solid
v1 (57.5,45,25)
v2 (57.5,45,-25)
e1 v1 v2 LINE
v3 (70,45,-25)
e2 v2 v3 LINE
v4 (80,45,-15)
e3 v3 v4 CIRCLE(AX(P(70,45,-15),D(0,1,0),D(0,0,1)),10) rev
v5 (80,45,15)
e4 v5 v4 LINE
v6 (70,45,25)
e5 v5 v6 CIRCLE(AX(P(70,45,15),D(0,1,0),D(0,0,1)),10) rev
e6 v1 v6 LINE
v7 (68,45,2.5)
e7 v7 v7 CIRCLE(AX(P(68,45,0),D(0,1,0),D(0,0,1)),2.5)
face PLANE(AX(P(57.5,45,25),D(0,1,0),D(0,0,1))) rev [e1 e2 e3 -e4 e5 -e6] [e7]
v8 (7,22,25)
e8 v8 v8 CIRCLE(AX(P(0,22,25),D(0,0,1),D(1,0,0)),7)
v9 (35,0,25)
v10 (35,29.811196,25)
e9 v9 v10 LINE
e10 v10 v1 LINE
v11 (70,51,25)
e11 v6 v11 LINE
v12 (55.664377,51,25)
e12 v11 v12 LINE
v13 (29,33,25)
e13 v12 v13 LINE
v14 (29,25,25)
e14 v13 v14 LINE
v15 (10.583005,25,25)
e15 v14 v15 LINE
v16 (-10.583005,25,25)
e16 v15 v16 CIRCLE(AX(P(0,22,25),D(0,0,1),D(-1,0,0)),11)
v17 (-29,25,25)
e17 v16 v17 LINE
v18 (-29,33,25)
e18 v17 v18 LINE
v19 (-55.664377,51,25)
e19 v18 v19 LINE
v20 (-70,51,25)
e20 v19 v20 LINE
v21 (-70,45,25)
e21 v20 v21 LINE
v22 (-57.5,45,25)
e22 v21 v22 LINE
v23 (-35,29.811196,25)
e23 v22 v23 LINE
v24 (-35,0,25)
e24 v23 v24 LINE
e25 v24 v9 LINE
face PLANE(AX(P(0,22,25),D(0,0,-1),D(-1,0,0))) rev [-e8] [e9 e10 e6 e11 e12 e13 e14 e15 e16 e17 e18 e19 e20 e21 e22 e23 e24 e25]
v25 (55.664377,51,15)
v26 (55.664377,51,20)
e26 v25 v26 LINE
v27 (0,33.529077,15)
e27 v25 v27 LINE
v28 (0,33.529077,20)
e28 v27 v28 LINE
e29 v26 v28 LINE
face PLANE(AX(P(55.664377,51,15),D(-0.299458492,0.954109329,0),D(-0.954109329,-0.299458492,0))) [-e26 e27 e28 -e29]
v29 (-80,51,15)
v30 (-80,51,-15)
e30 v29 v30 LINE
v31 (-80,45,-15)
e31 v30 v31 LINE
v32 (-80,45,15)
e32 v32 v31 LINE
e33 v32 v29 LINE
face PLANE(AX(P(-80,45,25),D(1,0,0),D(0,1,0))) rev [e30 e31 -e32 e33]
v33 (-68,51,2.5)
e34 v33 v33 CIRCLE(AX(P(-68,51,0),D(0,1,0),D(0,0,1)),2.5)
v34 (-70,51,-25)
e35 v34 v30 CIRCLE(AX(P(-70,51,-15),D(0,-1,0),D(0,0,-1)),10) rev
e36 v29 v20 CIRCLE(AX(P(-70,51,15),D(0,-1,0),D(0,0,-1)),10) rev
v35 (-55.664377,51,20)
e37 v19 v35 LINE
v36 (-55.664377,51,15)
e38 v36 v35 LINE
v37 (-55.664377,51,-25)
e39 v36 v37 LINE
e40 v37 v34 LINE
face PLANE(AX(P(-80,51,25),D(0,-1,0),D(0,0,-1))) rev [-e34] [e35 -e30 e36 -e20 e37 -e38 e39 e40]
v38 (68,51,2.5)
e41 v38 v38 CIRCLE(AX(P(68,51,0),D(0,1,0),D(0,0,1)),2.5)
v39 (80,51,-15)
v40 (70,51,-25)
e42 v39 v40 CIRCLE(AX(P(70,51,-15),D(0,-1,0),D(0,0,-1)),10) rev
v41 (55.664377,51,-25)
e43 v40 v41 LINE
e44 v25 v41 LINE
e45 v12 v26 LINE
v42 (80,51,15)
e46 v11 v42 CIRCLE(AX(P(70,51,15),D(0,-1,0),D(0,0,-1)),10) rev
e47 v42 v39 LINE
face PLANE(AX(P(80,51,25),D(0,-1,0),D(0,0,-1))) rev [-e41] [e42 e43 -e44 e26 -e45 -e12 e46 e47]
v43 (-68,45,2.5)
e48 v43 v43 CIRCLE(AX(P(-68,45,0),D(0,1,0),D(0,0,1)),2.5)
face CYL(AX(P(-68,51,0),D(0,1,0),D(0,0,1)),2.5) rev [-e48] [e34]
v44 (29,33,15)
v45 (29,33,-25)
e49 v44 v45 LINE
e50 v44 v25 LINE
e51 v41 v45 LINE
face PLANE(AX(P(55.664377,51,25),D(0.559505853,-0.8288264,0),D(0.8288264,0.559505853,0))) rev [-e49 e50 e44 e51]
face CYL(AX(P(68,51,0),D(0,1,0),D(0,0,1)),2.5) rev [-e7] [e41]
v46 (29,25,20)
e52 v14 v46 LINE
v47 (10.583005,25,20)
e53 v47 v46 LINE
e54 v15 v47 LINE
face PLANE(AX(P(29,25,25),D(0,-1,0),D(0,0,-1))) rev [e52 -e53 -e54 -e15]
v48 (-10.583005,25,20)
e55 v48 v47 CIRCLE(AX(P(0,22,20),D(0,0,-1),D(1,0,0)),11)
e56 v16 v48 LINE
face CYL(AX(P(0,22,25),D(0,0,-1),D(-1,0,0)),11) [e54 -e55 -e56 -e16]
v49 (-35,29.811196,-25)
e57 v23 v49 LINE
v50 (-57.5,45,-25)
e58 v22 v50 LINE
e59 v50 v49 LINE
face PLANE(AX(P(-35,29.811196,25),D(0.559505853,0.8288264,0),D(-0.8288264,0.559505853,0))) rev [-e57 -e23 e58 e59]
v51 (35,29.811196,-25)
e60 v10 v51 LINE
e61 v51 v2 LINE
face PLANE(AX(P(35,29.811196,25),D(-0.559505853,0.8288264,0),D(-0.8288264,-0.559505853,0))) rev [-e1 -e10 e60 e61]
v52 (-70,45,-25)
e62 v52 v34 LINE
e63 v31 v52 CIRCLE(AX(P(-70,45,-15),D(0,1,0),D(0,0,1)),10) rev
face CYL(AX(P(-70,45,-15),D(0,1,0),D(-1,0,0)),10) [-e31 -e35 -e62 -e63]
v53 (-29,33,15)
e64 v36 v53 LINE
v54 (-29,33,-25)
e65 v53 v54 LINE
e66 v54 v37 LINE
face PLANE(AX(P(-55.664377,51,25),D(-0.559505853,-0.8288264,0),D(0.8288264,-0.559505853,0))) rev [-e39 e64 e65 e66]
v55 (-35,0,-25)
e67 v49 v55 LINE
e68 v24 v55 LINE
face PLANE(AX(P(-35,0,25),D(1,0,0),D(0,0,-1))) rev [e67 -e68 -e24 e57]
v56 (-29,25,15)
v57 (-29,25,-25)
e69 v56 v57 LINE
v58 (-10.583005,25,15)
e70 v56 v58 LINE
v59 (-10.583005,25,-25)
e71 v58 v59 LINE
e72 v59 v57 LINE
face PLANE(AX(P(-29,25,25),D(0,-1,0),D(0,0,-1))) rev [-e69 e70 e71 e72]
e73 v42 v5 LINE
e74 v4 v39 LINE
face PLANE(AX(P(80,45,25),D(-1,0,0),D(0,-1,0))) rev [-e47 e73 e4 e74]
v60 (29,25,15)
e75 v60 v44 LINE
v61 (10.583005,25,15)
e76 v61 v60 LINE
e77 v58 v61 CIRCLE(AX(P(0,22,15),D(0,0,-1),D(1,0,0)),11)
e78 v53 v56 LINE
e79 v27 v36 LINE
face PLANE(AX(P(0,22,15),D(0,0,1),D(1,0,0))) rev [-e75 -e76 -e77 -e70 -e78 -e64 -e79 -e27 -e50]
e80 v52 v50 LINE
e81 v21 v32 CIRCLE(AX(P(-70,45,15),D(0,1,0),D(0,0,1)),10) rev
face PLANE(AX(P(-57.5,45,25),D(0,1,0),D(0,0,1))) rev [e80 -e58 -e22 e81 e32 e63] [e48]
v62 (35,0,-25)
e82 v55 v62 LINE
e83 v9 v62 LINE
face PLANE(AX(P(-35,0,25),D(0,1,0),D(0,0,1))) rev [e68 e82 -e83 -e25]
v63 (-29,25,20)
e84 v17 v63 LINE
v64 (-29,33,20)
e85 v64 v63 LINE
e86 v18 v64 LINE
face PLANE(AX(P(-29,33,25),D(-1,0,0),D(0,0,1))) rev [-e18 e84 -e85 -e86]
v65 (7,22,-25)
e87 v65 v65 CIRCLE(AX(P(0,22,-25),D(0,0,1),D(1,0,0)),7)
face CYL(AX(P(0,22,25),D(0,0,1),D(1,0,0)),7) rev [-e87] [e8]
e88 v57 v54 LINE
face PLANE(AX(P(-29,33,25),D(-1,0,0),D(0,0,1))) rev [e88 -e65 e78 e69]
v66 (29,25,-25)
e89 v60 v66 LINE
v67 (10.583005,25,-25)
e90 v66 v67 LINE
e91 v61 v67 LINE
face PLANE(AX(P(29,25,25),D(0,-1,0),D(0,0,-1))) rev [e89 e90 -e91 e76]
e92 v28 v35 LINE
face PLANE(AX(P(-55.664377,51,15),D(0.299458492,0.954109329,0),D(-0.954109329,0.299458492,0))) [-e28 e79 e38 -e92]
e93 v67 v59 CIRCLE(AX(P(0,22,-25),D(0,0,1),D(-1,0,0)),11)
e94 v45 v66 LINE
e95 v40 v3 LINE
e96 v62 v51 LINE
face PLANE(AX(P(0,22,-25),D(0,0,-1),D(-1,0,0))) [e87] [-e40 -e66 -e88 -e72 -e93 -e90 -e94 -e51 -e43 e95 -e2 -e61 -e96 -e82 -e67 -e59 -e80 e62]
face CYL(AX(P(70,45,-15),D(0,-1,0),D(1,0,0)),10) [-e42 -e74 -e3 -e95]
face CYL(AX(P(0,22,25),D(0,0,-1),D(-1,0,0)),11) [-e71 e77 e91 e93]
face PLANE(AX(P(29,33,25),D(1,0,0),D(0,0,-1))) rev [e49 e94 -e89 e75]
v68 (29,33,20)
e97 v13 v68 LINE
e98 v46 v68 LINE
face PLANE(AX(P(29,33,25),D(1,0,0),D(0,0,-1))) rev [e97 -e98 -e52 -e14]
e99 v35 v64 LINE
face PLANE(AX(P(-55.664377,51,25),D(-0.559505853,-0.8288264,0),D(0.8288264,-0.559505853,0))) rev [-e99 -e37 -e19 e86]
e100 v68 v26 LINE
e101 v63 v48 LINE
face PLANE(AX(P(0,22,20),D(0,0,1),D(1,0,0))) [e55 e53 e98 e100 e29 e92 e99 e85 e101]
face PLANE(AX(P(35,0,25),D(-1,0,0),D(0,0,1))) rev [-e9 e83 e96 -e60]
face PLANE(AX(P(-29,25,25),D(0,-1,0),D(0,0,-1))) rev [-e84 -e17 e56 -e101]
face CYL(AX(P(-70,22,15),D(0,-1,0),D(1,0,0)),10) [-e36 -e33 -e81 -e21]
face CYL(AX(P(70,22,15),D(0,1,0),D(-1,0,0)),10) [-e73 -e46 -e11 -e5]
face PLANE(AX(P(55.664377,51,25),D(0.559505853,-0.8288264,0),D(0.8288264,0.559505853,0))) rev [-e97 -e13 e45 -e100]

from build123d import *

# Parameters (mm, degrees)
BOSS_EXTRUDE1_DEPTH = 25
BOSS_EXTRUDE3_START = -5
BOSS_EXTRUDE3_DEPTH = 5
HOLE1_D             = 14
HOLE2_D             = 5
FILLET1_R           = 10


with BuildPart() as part:
    # Sketch1 → Boss-Extrude1 (new, symmetric)
    with BuildSketch(Plane.XY):
        with BuildLine():
            Line((-35, 0), (-35, 29.811196065))
            Line((-35, 29.811196065), (-57.5, 45))
            Line((-57.5, 45), (-80, 45))
            Line((-80, 45), (-80, 51))
            Line((-80, 51), (-55.664377376, 51))
            Line((-55.664377376, 51), (-29, 33))
            Line((-29, 33), (-29, 25))
            Line((-29, 25), (-10.583005244, 25))
            ThreePointArc((-10.583005244, 25), (0, 33), (10.583005244, 25))
            Line((10.583005244, 25), (29, 25))
            Line((29, 25), (29, 33))
            Line((29, 33), (55.664377376, 51))
            Line((55.664377376, 51), (80, 51))
            Line((80, 51), (80, 45))
            Line((80, 45), (57.5, 45))
            Line((57.5, 45), (35, 29.811196065))
            Line((35, 29.811196065), (35, 0))
            Line((35, 0), (-35, 0))
        make_face()
    extrude(amount=BOSS_EXTRUDE1_DEPTH, both=True)

    # Sketch2 → Boss-Extrude3 (add)
    with BuildSketch(Plane.XY.offset(25).offset(BOSS_EXTRUDE3_START)):
        with BuildLine():
            Line((55.664377376, 51), (29, 33))
            Line((29, 33), (29, 25))
            Line((29, 25), (10.583005244, 25))
            ThreePointArc((10.583005244, 25), (0, 33), (-10.583005244, 25))
            Line((-10.583005244, 25), (-29, 25))
            Line((-29, 25), (-29, 33))
            Line((-29, 33), (-55.664377376, 51))
            Line((-55.664377376, 51), (0, 33.529077086))
            Line((0, 33.529077086), (55.664377376, 51))
        make_face()
    extrude(amount=-BOSS_EXTRUDE3_DEPTH)

    # Hole1 (through all)
    with Locations(Plane.XY.offset(25)):
        with Locations((0, 22)):
            Hole(HOLE1_D / 2)

    # Hole2 (through all)
    with Locations(Plane(origin=(0, 51, 0), x_dir=(1, 0, 0), z_dir=(0, 1, 0))):
        with Locations((68, 0)):
            hole2 = Hole(HOLE2_D / 2)

    # Mirror1: Hole2 across plane
    add(hole2.mirror(Plane(origin=(0, 0, 0), x_dir=(0, 0, 1), z_dir=(1, 0, 0))), mode=Mode.SUBTRACT)

    # Fillet1
    fillet1_edges = [part.edges().sort_by_distance(p)[0] for p in [
        (-80, 48, -25),
        (80, 48, 25),
        (80, 48, -25),
        (-80, 48, 25),
    ]]
    fillet(fillet1_edges, radius=FILLET1_R)


solid = part.part
